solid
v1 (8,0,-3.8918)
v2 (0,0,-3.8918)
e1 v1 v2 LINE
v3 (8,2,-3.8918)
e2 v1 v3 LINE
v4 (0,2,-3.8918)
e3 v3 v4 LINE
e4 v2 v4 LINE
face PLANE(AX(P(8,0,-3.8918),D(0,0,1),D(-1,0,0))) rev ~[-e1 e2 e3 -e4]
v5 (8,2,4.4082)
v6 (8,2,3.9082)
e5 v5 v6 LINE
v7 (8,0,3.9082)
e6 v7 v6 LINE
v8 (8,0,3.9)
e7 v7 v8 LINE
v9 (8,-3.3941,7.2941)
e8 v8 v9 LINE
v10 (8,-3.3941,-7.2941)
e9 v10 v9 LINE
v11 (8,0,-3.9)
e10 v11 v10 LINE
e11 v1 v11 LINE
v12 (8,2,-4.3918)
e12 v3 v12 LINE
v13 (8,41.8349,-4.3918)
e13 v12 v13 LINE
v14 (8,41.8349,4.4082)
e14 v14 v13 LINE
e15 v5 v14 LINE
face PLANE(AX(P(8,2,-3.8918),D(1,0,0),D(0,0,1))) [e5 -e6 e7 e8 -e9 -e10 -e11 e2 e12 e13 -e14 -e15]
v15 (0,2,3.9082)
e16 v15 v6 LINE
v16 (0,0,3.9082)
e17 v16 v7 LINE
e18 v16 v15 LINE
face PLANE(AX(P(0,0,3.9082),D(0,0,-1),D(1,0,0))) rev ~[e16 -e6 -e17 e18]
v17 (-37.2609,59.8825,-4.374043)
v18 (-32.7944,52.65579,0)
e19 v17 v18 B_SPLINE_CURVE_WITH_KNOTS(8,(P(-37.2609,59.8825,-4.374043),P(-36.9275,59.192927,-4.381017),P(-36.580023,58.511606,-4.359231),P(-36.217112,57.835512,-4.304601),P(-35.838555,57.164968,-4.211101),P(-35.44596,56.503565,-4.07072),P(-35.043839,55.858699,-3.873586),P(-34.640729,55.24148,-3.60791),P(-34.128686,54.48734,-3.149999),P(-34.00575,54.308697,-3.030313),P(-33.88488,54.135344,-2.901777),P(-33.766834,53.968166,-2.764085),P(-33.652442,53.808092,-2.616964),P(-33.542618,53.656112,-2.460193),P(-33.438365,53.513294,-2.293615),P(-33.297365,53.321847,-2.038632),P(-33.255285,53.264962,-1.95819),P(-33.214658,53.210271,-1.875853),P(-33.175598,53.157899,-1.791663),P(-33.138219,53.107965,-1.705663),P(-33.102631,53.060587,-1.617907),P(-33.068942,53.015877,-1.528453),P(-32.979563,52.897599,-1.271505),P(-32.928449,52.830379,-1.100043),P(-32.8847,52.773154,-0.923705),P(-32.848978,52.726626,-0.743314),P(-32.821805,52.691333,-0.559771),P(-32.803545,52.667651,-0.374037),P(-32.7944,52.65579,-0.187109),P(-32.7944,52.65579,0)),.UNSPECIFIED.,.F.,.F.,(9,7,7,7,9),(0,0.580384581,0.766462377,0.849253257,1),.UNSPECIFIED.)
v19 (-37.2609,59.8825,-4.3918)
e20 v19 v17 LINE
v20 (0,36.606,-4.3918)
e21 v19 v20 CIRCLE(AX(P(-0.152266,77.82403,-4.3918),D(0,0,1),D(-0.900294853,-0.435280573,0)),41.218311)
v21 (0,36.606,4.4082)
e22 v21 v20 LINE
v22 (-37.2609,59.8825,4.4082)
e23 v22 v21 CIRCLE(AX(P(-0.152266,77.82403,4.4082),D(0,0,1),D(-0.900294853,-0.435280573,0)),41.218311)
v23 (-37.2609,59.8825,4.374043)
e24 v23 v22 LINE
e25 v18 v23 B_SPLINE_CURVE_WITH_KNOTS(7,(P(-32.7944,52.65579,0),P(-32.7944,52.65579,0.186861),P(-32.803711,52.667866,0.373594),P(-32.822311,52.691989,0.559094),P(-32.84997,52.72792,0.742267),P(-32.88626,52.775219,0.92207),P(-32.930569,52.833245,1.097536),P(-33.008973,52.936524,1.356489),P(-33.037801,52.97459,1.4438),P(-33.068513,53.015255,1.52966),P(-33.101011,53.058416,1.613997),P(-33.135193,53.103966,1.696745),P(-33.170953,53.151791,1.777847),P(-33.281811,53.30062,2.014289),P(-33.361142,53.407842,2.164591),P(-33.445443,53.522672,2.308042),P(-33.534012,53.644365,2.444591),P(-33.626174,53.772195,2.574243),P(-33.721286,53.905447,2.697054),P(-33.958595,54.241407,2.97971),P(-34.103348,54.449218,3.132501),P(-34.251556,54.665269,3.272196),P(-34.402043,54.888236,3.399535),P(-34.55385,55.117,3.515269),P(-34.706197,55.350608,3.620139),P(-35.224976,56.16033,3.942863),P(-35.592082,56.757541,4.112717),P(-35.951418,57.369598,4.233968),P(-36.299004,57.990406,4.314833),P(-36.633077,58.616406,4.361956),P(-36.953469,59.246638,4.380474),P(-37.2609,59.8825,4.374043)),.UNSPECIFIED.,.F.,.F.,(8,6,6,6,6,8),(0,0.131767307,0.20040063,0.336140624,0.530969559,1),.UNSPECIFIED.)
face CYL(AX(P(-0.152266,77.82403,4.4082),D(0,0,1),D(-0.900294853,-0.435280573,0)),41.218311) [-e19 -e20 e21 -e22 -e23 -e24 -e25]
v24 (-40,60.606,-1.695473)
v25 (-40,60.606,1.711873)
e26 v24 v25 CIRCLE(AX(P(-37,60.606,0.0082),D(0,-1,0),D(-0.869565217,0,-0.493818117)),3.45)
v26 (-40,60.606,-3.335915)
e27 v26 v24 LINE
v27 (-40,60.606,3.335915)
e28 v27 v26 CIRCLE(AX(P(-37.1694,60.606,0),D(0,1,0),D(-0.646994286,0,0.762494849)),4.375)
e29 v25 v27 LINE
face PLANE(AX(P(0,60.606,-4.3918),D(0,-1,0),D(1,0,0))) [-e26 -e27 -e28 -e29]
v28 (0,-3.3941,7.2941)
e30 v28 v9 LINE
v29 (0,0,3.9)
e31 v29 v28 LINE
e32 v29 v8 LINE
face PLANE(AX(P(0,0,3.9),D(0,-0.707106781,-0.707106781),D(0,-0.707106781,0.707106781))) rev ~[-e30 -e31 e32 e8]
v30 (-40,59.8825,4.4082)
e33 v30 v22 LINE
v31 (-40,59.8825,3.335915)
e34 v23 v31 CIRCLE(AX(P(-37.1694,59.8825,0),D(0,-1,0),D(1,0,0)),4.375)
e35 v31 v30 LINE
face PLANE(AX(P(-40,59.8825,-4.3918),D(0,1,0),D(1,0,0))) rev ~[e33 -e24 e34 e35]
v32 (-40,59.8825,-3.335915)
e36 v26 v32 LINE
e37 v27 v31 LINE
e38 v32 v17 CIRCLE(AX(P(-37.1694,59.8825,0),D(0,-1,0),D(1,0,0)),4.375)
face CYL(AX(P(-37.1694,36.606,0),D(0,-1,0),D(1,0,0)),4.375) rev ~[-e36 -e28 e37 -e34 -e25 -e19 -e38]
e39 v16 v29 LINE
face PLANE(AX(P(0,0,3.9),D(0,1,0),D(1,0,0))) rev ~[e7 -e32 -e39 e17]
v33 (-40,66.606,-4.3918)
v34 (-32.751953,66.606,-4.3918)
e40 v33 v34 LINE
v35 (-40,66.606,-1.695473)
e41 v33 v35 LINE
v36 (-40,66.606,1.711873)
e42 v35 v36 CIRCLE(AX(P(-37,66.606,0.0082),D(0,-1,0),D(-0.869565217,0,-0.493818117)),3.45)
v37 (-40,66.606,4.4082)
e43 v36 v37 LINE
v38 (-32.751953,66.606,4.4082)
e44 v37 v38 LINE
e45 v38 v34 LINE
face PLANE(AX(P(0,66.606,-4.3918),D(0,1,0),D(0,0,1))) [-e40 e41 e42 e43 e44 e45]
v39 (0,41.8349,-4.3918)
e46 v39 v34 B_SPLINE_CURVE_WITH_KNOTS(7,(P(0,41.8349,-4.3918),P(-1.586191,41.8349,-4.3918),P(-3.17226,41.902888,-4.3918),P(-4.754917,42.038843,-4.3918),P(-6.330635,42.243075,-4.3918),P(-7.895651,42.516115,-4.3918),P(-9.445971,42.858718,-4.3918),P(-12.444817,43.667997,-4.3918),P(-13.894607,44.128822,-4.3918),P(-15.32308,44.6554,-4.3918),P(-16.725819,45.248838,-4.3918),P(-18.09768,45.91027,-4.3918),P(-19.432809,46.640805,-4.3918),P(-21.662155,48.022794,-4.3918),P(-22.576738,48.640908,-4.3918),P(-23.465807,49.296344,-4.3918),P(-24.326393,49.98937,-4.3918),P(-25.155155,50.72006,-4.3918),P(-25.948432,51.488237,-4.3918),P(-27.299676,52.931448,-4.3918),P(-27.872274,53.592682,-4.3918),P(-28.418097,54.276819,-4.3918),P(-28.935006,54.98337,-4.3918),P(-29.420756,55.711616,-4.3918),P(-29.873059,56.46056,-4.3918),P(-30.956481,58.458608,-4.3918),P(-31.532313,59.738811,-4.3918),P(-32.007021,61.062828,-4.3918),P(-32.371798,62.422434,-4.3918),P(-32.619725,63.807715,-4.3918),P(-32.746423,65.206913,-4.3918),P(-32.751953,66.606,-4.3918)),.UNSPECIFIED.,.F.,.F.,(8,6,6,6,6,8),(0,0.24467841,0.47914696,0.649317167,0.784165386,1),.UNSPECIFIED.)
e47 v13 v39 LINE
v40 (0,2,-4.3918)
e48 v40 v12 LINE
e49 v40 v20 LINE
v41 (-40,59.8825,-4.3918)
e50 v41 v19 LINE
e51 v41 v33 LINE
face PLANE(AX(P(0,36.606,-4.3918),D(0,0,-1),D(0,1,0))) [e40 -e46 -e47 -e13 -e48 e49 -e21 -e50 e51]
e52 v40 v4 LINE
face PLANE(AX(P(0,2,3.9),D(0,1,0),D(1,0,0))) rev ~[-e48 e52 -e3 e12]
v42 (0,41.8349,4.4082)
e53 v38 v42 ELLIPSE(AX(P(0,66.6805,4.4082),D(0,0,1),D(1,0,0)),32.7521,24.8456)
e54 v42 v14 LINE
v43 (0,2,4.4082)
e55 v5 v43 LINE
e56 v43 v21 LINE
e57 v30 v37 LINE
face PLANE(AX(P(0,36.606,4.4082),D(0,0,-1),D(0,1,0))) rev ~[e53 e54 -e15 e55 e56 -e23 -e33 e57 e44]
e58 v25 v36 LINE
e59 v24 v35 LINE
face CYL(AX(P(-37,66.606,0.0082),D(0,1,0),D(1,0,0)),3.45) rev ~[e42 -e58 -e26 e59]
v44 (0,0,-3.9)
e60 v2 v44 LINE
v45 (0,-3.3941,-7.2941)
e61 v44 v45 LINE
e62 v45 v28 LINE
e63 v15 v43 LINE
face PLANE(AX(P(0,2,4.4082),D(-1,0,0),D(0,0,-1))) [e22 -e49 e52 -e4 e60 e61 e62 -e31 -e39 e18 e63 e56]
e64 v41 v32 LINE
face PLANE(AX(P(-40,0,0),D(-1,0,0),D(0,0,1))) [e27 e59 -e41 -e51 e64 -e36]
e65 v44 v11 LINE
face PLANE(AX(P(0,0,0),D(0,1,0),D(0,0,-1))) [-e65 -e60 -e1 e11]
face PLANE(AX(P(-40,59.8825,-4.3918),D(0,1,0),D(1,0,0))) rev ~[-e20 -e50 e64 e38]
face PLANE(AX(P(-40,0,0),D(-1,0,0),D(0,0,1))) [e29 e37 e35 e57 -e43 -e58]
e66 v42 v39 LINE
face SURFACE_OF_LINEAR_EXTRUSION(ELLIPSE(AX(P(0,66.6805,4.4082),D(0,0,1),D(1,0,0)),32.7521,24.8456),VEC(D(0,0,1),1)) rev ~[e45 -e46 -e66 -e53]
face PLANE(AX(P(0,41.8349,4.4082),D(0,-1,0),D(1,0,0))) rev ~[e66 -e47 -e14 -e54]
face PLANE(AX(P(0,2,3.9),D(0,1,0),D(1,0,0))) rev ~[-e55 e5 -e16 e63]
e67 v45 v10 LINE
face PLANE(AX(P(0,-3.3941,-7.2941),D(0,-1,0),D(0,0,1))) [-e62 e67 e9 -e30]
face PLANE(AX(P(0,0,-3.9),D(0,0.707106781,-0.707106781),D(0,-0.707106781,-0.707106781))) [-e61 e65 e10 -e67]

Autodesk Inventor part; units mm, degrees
ref_plane "YZ Plane" through (0, 0, 0) normal (1, 0, 0) x (0, 1, 0)
ref_plane "XZ Plane" through (0, 0, 0) normal (0, 1, 0) x (-1, 0, 0)
ref_plane "XY Plane" through (0, 0, 0) normal (0, 0, 1) x (1, 0, 0)
sketch "Sketch1" plane through (0, 0, 0) normal (1, 0, 0) x (0, 1, 0)
  line L0 (0, 0) -> (0, 3.9)
  line L1 (0, 0) -> (0, -3.9)
  line L2 (0, 3.9) -> (-3.3941, 7.2941)
  line L3 (0, 3.9) -> (4.8, 3.9) construction
  line L4 (0, -3.9) -> (-3.3941, -7.2941)
  line L5 (0, -3.9) -> (4.8, -3.9) construction
  line L6 (-3.3941, -7.2941) -> (-3.3941, 7.2941)
  dimension "d0" = 3.9
  dimension "d1" = 3.9
  dimension "d2" = 4.8
  dimension "d3" = 135
  dimension "d4" = 4.8
  dimension "d5" = 135
extrude "Extrusion1" add sketch "Sketch1" along normal blind 8
sketch "Sketch2" plane through (0, 0, 3.9) normal (0, 1, 0) x (1, 0, 0)
  line L0 (0, -3.3941) -> (0, 11.1941) projected
  line L1 (0, -0.0082) -> (8, -0.0082)
  line L2 (8, -0.0082) -> (8, 7.7918)
  line L3 (8, 7.7918) -> (0, 7.7918)
  line L4 (0, 7.7918) -> (0, -0.0082)
  point P0 (0, 3.9)
  dimension "d8" = 8
  dimension "d9" = 7.8
extrude "Extrusion2" add sketch "Sketch2" along normal blind 2
sketch "Sketch3" plane through (0, 2, 3.9) normal (0, 1, 0) x (1, 0, 0)
  line L0 (8, -0.5082) -> (0, -0.5082)
  line L1 (0, -0.5082) -> (0, 8.2918)
  line L2 (0, 8.2918) -> (8, 8.2918)
  line L3 (8, 8.2918) -> (8, -0.5082)
  line L4 (8, -0.5082) -> (0, 8.2918) construction
  line L5 (0, -0.5082) -> (8, 8.2918) construction
  line L6 (8, 7.7918) -> (0, 7.7918) projected
  point P0 (0, 3.9)
  point P1 (4, 3.8918)
  dimension "d12" = 8
  dimension "d13" = 8.8
  dimension "d14" = 3.9
  dimension "d15" = 4
extrude "Extrusion3" add sketch "Sketch3" along normal blind 64.606
sketch "Sketch4" plane through (0, 0, 0) normal (-1, 0, 0) x (0, 0, 1)
  line L0 (-4.3918, 2) -> (-4.3918, 66.606) projected
  line L1 (4.4082, 2) -> (4.4082, 66.606) projected
  line L2 (-4.3918, 66.606) -> (4.4082, 66.606)
  line L3 (4.4082, 66.606) -> (4.4082, 36.606)
  line L4 (4.4082, 36.606) -> (-4.3918, 36.606)
  line L5 (-4.3918, 36.606) -> (-4.3918, 66.606)
  point P0 (0, 0)
  point P1 (-4.3918, 36.606)
  dimension "d18" = 30
extrude "Extrusion4" add sketch "Sketch4" along normal blind 40
sketch "Sketch5" plane through (0, 66.606, 3.9) normal (0, 1, 0) x (1, 0, 0)
  circle A0 centre (-37, 3.8918) radius 3.45
  line L0 (-40, -0.5082) -> (-40, 8.2918) projected
  point P0 (0, 3.9)
  point P1 (-40, 5.5955)
  point P2 (-40, 2.1882)
  dimension "d21" = 6.9
  dimension "d22" = 3
sketch "Sketch6" plane through (0, 2, 4.4082) normal (0, 0, 1) x (1, 0, 0)
  point P0 (0, -2)
sketch "Sketch7" plane through (0, 2, 4.4082) normal (0, 0, 1) x (1, 0, 0)
  point P0 (0, -2)
sketch "Sketch10" plane through (0, 2, 4.4082) normal (0, 0, 1) x (1, 0, 0)
  ellipse E0 centre (0, 64.6805) end of major axis (0, 39.8349) minor radius 32.7521
  line L0 (8, 64.606) -> (-40, 64.606) projected
  line L1 (0, 39.8349) -> (8, 39.8349)
  line L2 (8, 39.8349) -> (8, 64.606)
  line L3 (8, 64.606) -> (0, 64.606)
  line L4 (0, 64.606) -> (0, 39.8349)
  point P0 (0, -2)
  point P1 (8, 40.5875)
extrude "Extrusion8" cut sketch "Sketch10" against normal blind 10
sketch "Sketch13" plane through (0, 36.606, -4.3918) normal (0, -1, 0) x (1, 0, 0)
  circle A0 centre (-37.1694, 4.3918) radius 4.375
  point P0 (0, 4.3918)
  dimension "d37" = 8.75
extrude "Extrusion9" cut sketch "Sketch13" against normal blind 24
extrude "Extrusion10" cut sketch "Sketch5" against normal blind 24
sketch "Sketch14" plane through (8, 2, -4.3918) normal (0, 0, -1) x (-1, 0, 0)
  line L0 (48, 34.606) -> (40.7944, 34.606) projected
  line L1 (45.2609, 34.606) -> (48, 34.606)
  line L2 (48, 34.606) -> (48, 57.8825)
  line L3 (48, 57.8825) -> (45.2609, 57.8825)
  line L4 (45.2609, 57.8825) -> (45.2609, 34.606)
  point P0 (8, -2)
extrude "Extrusion11" cut sketch "Sketch14" against normal blind 24
sketch "Sketch15" plane through (0, 2, 4.4082) normal (0, 0, 1) x (1, 0, 0)
  line L0 (-37.2609, 57.8825) -> (-37.2609, 34.606) projected
  line L1 (0, 34.606) -> (-37.2609, 34.606) projected
  arc A0 (-37.2609, 57.8825) -> (0, 34.606) centre (-0.1523, 75.824) ccw
  point P0 (0, -2)
  point P1 (-0.3046, 34.606)
extrude "Extrusion12" cut sketch "Sketch15" against normal through all
properties part number "Pasteur_holderNEW"
